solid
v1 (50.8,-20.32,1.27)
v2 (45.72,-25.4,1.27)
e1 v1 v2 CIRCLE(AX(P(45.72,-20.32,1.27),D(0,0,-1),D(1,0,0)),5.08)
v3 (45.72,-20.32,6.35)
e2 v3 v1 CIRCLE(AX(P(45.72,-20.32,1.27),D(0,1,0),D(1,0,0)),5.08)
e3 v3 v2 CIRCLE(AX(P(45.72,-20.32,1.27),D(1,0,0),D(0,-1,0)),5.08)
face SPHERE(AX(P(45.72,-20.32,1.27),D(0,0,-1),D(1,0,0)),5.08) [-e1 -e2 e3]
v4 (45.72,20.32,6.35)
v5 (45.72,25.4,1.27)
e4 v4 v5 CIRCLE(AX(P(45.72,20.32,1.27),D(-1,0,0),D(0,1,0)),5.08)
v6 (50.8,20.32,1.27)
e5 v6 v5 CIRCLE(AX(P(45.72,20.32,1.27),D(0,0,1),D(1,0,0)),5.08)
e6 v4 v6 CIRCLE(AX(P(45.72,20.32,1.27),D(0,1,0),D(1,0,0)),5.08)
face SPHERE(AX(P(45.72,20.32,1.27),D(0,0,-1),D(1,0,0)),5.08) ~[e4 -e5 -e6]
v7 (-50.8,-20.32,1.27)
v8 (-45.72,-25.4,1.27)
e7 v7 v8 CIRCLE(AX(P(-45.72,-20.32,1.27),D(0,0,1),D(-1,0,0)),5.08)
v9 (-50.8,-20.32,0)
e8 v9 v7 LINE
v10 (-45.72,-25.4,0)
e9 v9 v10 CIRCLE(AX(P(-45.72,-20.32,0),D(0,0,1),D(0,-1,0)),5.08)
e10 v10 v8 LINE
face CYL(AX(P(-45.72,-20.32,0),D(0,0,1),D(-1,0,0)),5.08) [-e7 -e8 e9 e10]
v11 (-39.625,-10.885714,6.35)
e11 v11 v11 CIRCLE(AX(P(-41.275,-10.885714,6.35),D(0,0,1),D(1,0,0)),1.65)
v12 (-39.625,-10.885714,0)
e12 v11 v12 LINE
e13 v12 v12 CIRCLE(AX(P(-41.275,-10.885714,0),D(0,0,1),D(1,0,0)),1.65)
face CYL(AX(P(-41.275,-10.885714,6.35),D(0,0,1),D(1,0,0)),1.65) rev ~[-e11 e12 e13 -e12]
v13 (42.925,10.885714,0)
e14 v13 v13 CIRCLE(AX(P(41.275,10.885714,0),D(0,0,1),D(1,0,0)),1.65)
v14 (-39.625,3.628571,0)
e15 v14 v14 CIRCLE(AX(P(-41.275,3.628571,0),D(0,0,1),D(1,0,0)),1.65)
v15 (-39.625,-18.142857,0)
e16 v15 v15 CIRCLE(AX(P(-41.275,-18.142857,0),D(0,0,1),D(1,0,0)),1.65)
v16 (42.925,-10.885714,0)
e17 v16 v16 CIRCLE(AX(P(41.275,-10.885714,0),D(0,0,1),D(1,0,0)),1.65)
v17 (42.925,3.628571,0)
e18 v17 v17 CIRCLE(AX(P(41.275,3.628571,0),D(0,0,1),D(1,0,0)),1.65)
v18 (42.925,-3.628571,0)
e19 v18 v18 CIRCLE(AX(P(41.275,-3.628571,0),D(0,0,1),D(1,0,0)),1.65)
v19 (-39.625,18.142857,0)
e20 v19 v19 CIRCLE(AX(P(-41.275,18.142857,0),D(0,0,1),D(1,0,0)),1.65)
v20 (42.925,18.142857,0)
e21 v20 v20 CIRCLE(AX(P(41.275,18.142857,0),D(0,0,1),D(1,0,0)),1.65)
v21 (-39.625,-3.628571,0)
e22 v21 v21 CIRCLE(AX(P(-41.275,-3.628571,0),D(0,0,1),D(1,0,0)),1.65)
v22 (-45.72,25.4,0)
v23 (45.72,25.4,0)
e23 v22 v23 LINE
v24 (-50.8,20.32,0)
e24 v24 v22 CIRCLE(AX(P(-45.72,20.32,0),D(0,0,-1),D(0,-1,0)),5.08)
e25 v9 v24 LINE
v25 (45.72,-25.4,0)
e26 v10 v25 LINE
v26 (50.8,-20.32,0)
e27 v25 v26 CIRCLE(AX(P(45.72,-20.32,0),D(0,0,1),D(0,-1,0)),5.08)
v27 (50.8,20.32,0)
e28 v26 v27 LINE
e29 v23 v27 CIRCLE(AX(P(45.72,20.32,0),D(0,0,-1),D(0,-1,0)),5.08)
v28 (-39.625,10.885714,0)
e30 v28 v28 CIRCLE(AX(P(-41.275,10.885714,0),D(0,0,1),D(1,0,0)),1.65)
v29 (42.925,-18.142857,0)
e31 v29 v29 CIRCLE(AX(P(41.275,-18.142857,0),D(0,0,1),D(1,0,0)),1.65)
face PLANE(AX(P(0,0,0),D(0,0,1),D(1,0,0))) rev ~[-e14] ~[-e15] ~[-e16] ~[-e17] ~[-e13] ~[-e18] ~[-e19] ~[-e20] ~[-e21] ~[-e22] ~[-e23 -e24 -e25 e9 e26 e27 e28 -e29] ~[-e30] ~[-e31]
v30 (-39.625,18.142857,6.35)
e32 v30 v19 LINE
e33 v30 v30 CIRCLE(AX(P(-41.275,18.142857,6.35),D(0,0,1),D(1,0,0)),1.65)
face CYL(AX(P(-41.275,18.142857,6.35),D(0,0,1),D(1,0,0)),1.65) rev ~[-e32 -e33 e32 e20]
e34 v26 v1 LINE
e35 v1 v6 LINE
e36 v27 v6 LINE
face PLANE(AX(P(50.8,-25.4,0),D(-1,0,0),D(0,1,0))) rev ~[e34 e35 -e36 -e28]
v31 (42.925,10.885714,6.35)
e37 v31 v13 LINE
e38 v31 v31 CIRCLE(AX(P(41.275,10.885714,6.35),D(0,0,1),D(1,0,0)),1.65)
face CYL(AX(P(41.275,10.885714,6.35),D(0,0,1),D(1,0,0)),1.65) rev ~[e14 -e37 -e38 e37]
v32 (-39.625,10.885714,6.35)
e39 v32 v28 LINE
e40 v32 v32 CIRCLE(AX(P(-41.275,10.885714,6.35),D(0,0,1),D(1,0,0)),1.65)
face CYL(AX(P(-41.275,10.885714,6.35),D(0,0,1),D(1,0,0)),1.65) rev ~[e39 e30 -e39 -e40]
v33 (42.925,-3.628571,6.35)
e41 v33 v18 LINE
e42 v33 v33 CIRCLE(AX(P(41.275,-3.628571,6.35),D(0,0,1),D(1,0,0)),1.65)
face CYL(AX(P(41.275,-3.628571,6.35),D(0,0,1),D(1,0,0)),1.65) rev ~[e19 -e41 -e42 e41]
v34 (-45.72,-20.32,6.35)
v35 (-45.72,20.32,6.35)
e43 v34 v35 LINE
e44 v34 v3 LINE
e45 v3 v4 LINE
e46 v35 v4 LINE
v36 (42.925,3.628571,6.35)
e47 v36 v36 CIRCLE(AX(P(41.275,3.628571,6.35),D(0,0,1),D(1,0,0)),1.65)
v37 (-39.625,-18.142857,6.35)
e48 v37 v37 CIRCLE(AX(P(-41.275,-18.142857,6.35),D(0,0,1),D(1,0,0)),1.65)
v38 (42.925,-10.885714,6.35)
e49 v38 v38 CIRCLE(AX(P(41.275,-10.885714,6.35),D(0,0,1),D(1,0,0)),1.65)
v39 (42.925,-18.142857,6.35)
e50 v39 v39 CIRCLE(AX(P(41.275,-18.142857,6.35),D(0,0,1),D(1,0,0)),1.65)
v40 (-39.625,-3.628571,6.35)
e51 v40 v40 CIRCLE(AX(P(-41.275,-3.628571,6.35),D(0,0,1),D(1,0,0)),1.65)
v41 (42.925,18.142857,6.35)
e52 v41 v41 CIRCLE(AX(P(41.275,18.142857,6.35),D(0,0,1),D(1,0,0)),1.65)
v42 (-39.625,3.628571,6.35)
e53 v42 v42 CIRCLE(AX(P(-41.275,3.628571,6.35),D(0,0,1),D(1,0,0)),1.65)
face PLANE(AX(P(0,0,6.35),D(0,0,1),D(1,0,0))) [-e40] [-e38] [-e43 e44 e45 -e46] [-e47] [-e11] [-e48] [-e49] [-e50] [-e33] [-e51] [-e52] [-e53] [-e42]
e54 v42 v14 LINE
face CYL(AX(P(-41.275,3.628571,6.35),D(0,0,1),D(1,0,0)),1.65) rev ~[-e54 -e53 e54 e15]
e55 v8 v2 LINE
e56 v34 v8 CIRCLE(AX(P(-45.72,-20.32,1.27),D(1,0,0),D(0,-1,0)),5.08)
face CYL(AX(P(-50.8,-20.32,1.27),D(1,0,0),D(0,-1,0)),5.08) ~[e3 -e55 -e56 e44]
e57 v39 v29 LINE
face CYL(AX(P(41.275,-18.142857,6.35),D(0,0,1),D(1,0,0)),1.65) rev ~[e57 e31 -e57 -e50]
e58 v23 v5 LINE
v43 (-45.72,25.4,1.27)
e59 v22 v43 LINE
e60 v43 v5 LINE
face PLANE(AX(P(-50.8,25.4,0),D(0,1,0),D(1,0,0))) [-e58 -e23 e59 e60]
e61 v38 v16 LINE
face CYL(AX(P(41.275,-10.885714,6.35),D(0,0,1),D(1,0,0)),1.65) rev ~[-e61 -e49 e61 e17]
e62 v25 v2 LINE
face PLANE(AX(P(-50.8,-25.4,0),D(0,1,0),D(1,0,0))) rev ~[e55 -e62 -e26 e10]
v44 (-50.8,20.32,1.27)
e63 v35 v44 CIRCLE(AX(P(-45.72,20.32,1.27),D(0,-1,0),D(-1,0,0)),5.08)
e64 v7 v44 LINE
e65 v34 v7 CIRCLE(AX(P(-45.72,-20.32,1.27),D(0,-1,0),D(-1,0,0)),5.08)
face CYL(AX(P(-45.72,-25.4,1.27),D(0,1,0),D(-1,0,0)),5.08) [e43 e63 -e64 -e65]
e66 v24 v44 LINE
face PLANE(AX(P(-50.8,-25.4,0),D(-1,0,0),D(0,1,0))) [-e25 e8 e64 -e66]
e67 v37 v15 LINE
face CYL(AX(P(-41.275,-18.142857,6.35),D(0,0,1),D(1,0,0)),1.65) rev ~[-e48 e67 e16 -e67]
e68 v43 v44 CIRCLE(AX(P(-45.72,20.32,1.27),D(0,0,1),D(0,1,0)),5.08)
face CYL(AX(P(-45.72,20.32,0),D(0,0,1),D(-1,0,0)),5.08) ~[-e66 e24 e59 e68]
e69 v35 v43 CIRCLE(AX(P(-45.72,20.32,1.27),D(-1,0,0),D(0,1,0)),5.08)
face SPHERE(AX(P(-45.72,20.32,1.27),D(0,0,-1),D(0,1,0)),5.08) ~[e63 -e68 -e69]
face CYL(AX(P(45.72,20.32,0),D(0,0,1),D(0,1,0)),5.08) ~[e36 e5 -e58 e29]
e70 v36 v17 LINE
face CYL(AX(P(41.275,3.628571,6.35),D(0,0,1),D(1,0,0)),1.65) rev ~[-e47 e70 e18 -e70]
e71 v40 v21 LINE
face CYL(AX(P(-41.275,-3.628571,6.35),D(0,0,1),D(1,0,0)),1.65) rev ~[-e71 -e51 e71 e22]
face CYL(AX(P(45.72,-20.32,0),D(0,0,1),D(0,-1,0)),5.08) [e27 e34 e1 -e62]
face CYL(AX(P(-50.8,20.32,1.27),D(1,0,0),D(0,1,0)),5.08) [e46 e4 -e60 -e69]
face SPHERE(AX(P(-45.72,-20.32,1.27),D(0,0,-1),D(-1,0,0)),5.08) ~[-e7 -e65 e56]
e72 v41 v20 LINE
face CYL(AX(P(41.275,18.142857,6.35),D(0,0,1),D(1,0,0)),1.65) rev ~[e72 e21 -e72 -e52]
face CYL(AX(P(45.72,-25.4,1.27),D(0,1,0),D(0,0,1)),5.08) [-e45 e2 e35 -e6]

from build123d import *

# Parameters (mm, degrees)
F0_W     = 101.6
F0_H     = 50.8
F1_DEPTH = 6.35
F2_R     = 1.65
F3_DEPTH = 25.4
F4_R     = 5.08


with BuildPart() as f1:
    # F0 (on Top) → F1 (new body)
    with BuildSketch(Plane.XY):
        Rectangle(F0_W, F0_H)
    extrude(amount=F1_DEPTH)

    # F2 (on face) → F3 (cut)
    with BuildSketch(Plane.XY.offset(6.35)):
        with Locations((-41.275, 10.885714)):
            Circle(F2_R)
        with Locations((-41.275, 3.628571)):
            Circle(F2_R)
        with Locations((-41.275, -3.628571)):
            Circle(F2_R)
        with Locations((-41.275, -10.885714)):
            Circle(F2_R)
        with Locations((-41.275, -18.142857)):
            Circle(F2_R)
        with Locations((-41.275, 18.142857)):
            Circle(F2_R)
        with Locations((41.275, 18.142857)):
            Circle(F2_R)
        with Locations((41.275, 10.885714)):
            Circle(F2_R)
        with Locations((41.275, 3.628571)):
            Circle(F2_R)
        with Locations((41.275, -3.628571)):
            Circle(F2_R)
        with Locations((41.275, -10.885714)):
            Circle(F2_R)
        with Locations((41.275, -18.142857)):
            Circle(F2_R)
    extrude(amount=-F3_DEPTH, mode=Mode.SUBTRACT)

    # F4
    f4_edges = [f1.edges().sort_by_distance(p)[0] for p in [
        (-50.8, 25.4, 3.175),
        (-50.8, -25.4, 3.175),
        (50.8, -25.4, 3.175),
        (50.8, 25.4, 3.175),
        (50.8, 0, 6.35),
        (0, 25.4, 6.35),
        (-50.8, 0, 6.35),
        (0, -25.4, 6.35),
    ]]
    fillet(f4_edges, radius=F4_R)


solid = f1.part
